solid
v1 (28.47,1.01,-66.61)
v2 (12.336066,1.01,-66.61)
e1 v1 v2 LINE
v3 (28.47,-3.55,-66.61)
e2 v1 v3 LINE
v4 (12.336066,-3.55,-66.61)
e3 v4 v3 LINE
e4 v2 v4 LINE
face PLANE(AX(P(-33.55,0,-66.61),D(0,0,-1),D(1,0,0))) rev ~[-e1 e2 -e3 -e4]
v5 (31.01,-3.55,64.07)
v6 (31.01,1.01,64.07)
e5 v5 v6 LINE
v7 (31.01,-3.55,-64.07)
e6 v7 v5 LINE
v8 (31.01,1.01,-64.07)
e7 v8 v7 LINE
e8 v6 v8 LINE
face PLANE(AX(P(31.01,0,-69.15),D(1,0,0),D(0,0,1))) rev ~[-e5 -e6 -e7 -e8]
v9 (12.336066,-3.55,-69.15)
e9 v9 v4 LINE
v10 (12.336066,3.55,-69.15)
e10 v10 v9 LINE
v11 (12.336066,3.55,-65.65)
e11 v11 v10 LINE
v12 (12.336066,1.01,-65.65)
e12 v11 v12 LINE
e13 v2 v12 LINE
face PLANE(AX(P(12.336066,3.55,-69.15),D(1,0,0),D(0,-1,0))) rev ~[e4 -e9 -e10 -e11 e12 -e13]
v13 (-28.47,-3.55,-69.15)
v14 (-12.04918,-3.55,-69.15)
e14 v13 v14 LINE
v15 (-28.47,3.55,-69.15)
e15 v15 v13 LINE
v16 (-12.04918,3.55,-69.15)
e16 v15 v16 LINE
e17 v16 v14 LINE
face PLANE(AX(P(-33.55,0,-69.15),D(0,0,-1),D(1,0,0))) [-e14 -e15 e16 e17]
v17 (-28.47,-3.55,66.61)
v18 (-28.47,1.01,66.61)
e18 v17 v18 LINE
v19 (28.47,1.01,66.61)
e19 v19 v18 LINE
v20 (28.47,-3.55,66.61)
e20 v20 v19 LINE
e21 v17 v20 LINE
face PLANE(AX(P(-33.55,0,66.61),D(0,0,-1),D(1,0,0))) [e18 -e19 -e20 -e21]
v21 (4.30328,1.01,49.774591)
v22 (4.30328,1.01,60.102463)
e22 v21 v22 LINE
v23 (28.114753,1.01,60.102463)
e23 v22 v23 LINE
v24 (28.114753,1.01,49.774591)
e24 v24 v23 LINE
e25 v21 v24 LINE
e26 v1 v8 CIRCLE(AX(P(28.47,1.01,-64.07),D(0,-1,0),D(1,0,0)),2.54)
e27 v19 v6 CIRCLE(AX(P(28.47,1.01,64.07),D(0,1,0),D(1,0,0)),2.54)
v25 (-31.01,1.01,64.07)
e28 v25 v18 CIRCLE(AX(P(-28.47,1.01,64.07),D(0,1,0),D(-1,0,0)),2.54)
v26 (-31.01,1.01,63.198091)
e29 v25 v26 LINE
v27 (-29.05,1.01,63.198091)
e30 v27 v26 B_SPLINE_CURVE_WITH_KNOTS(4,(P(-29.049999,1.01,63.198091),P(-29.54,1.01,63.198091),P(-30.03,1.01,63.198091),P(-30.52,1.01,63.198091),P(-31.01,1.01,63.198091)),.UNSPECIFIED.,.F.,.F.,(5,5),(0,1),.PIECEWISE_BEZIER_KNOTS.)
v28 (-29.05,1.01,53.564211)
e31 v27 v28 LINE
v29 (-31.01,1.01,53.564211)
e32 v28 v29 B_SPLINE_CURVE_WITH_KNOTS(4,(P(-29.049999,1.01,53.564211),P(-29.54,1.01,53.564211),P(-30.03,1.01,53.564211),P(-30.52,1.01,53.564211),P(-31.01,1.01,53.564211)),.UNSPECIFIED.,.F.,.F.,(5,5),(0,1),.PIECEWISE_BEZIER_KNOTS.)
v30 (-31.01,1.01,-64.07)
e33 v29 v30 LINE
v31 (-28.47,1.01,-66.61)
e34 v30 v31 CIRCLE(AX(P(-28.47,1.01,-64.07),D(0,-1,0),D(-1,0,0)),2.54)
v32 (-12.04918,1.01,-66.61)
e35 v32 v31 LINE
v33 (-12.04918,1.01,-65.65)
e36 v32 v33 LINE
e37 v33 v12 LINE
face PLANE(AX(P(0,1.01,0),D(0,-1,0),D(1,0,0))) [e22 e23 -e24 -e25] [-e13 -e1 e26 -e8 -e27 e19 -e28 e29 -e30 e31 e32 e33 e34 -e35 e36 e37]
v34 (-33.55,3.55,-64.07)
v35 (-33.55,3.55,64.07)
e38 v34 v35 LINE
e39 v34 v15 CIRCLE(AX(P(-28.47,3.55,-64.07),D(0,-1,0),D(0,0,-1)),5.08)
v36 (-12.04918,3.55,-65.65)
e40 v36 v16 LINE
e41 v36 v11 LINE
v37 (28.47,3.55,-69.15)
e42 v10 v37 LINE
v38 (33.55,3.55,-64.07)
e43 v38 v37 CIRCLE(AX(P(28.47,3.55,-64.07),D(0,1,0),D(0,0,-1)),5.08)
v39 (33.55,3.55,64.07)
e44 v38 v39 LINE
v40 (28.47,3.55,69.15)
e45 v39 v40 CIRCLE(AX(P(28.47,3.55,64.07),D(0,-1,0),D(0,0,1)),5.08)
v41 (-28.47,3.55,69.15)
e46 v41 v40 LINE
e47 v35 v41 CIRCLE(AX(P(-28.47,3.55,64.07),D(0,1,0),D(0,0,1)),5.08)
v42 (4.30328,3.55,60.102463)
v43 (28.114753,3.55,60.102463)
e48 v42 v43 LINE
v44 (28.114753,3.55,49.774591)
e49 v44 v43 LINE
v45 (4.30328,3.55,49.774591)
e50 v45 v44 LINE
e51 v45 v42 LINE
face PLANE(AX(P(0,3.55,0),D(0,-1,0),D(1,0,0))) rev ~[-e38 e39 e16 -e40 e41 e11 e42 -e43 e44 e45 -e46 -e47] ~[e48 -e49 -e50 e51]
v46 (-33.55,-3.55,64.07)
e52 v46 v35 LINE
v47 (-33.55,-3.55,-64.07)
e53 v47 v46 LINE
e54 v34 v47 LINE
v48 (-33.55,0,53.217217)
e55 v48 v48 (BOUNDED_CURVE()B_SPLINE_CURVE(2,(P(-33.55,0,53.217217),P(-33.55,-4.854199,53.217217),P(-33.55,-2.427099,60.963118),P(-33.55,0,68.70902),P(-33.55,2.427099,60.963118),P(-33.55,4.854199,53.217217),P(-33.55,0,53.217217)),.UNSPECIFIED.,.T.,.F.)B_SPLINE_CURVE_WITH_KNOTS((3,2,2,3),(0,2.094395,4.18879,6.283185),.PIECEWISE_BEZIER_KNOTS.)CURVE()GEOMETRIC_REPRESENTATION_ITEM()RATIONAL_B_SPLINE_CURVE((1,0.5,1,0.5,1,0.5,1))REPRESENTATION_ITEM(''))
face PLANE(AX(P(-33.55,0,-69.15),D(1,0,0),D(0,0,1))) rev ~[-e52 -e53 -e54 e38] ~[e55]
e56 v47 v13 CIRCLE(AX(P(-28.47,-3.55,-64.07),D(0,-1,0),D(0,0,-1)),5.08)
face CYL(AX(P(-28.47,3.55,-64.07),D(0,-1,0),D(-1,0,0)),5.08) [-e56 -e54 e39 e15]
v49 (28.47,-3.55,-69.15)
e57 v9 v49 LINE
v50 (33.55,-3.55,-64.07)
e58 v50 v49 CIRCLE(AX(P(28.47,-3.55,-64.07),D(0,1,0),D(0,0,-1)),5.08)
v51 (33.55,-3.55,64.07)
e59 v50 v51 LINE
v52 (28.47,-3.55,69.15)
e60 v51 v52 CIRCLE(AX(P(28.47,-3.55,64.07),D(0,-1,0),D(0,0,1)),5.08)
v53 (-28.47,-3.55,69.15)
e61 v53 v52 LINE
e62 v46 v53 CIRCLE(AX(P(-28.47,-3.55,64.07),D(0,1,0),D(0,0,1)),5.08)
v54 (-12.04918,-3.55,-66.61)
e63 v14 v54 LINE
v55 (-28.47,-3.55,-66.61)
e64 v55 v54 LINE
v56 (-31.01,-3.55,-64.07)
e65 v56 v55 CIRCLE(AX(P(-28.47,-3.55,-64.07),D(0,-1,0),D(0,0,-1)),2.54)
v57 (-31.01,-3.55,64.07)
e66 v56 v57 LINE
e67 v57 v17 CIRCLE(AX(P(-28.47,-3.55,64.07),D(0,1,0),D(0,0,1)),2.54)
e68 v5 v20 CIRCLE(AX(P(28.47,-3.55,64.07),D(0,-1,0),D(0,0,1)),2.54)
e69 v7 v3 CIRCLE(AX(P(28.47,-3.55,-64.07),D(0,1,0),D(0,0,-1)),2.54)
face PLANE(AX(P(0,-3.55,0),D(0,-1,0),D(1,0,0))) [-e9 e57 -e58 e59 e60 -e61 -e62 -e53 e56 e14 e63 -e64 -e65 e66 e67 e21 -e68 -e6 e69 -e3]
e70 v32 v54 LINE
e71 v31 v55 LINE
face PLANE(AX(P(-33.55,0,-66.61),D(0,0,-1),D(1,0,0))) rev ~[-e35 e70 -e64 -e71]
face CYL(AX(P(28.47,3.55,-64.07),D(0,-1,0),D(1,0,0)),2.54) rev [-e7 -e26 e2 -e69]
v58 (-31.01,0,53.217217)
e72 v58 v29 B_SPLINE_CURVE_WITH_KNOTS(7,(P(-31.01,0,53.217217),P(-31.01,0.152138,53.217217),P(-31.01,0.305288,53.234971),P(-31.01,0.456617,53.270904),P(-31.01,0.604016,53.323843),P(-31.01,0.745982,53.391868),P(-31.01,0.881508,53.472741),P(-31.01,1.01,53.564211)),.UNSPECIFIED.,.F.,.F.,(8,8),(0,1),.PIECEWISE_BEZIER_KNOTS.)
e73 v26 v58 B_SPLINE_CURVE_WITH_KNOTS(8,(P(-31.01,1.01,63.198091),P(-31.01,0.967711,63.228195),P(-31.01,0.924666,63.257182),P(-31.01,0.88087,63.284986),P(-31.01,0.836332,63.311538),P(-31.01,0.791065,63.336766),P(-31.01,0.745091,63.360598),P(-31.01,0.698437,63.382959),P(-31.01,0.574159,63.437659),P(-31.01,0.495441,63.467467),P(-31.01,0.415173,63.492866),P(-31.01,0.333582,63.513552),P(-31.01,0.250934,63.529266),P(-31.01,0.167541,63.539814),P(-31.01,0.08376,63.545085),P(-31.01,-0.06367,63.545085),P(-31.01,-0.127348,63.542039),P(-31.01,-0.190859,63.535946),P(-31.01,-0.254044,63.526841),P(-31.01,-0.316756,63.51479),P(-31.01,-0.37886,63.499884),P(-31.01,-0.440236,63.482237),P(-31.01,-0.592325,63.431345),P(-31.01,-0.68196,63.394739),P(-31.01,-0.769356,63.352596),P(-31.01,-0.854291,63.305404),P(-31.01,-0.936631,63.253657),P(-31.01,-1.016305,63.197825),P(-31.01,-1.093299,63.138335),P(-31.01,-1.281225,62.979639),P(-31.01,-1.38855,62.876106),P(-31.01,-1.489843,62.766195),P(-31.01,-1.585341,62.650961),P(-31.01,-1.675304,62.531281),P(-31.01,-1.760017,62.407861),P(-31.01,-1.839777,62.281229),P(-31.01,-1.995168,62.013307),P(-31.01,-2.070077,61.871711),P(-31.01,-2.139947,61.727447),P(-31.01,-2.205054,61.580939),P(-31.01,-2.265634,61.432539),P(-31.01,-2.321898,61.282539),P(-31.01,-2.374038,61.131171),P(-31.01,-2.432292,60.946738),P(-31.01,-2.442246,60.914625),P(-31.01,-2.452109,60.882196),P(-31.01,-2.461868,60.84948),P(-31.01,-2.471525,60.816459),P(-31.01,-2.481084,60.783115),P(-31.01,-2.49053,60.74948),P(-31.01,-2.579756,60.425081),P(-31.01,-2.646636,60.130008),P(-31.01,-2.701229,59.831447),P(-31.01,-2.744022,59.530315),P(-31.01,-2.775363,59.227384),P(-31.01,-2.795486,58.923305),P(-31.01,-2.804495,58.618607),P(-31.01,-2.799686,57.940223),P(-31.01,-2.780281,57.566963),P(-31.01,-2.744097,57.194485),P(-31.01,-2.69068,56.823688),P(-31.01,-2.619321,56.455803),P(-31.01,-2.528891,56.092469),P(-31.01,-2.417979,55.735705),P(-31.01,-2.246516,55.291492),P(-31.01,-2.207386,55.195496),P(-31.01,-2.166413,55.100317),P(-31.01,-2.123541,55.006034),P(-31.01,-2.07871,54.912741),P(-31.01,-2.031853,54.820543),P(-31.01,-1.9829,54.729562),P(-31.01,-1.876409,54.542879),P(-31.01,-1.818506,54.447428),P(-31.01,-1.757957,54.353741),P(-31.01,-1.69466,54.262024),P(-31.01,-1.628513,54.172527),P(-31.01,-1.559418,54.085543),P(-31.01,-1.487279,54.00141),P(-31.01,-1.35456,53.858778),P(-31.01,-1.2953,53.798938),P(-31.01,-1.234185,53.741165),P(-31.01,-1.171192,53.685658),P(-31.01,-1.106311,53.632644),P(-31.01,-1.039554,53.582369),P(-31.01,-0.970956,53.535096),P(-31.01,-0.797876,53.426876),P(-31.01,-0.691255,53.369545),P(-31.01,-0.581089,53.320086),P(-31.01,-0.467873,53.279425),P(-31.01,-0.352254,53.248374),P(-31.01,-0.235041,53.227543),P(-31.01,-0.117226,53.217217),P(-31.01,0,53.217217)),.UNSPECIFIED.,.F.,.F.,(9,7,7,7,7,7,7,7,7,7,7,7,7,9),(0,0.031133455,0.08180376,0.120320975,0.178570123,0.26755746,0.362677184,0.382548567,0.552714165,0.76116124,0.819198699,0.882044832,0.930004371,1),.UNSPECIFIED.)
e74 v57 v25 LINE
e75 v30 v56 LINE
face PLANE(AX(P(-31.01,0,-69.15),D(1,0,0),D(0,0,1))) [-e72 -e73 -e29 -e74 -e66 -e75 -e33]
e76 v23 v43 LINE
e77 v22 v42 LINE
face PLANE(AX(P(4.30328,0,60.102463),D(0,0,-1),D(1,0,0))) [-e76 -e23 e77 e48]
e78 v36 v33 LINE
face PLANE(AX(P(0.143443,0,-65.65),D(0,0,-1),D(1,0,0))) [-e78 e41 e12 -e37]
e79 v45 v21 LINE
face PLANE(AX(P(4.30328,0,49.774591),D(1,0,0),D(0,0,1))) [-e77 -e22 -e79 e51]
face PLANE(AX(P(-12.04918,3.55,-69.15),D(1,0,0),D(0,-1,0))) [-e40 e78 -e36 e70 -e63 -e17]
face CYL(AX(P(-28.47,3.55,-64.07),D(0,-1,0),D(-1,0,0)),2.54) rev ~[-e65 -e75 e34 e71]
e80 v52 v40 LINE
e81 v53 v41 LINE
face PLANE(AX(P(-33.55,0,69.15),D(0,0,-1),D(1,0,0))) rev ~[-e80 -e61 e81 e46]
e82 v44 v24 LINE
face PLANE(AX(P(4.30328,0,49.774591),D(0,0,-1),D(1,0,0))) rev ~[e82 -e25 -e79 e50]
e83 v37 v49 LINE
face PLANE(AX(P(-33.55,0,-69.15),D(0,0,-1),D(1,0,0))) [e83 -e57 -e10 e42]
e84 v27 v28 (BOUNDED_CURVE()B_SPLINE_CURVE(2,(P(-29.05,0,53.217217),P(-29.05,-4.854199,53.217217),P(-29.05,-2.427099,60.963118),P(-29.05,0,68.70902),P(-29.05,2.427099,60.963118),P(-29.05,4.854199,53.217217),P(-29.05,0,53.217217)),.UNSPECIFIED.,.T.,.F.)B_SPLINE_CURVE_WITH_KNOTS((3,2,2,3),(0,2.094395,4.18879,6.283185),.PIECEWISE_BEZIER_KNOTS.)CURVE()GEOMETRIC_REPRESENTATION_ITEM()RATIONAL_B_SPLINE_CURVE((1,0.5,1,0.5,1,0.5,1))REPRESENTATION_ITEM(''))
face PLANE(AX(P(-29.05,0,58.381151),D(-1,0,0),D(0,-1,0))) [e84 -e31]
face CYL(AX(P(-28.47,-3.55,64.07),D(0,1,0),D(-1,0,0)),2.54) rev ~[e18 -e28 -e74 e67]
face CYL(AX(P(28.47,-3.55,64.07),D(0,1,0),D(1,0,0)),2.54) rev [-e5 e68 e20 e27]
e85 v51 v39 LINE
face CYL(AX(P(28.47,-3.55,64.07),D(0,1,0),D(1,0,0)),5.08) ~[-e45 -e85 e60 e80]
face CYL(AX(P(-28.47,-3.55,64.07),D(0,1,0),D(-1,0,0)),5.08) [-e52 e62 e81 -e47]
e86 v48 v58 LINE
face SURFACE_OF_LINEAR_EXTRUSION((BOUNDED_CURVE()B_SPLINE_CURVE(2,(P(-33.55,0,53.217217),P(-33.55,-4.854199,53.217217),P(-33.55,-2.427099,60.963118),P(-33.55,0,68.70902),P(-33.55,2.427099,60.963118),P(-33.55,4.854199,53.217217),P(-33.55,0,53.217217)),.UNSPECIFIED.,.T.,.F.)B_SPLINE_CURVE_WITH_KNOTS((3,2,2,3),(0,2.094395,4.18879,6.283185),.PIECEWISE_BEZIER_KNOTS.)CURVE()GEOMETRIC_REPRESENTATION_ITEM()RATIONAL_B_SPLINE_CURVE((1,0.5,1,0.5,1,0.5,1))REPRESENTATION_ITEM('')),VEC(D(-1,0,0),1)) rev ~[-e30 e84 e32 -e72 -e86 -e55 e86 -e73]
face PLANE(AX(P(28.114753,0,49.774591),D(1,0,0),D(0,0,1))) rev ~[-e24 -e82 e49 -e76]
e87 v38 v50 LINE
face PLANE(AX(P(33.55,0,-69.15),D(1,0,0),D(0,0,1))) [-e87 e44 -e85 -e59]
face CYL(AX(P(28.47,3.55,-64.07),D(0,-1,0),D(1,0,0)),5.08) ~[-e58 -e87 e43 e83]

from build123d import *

# Parameters (mm, degrees)
F0_W     = 67.1
F0_H     = 138.3
F1_DEPTH = 3.55
F2_R     = 5.08
F3_T     = -2.54
F4_W     = 23.811473
F4_H     = 10.327872
F5_DEPTH = 12.5
F6_W     = 24.385246
F6_H     = 7.1
F7_DEPTH = 3.5
F9_DEPTH = 4.5


with BuildPart() as f1:
    # F0 (on Front) → F1 (new body, symmetric)
    with BuildSketch(Plane.XZ):
        Rectangle(F0_W, F0_H)
    extrude(amount=F1_DEPTH, both=True)

    # F2
    f2_edges = [f1.edges().sort_by_distance(p)[0] for p in [
        (-33.55, 0, 69.15),
        (33.55, 0, 69.15),
        (33.55, 0, -69.15),
        (-33.55, 0, -69.15),
    ]]
    fillet(f2_edges, radius=F2_R)

    # F3
    f3_openings = [f1.faces().sort_by_distance(p)[0] for p in [
        (0, -3.55, 0),
    ]]
    offset(amount=F3_T, openings=f3_openings)

    # F4 (on Front) → F5 (cut, symmetric)
    with BuildSketch(Plane.XZ):
        with Locations((16.209017, 54.938527)):
            Rectangle(F4_W, F4_H)
    extrude(amount=F5_DEPTH, both=True, mode=Mode.SUBTRACT)

    # F6 (on face) → F7 (cut, symmetric)
    with BuildSketch(Plane(origin=(0, 0, -69.15), x_dir=(1, 0, 0), z_dir=(0, 0, -1))):
        with Locations((0.143443, 0)):
            Rectangle(F6_W, F6_H)
    extrude(amount=F7_DEPTH, both=True, mode=Mode.SUBTRACT)

    # F8 (on face) → F9 (cut, symmetric)
    with BuildSketch(Plane(origin=(-33.55, 0, 0), x_dir=(0, -1, 0), z_dir=(-1, 0, 0))):
        with BuildLine():
            add(Edge.make_bspline(
                [(0, 53.217217), (4.854199, 53.217217), (2.427099, 60.963118), (0, 68.70902), (-2.427099, 60.963118), (-4.854199, 53.217217), (0, 53.217217)],
                knots=[0, 0, 0, 2.094395, 2.094395, 4.18879, 4.18879, 6.283185, 6.283185, 6.283185], degree=2, weights=[1, 0.5, 1, 0.5, 1, 0.5, 1]))
        make_face()
    extrude(amount=F9_DEPTH, both=True, mode=Mode.SUBTRACT)


solid = f1.part
